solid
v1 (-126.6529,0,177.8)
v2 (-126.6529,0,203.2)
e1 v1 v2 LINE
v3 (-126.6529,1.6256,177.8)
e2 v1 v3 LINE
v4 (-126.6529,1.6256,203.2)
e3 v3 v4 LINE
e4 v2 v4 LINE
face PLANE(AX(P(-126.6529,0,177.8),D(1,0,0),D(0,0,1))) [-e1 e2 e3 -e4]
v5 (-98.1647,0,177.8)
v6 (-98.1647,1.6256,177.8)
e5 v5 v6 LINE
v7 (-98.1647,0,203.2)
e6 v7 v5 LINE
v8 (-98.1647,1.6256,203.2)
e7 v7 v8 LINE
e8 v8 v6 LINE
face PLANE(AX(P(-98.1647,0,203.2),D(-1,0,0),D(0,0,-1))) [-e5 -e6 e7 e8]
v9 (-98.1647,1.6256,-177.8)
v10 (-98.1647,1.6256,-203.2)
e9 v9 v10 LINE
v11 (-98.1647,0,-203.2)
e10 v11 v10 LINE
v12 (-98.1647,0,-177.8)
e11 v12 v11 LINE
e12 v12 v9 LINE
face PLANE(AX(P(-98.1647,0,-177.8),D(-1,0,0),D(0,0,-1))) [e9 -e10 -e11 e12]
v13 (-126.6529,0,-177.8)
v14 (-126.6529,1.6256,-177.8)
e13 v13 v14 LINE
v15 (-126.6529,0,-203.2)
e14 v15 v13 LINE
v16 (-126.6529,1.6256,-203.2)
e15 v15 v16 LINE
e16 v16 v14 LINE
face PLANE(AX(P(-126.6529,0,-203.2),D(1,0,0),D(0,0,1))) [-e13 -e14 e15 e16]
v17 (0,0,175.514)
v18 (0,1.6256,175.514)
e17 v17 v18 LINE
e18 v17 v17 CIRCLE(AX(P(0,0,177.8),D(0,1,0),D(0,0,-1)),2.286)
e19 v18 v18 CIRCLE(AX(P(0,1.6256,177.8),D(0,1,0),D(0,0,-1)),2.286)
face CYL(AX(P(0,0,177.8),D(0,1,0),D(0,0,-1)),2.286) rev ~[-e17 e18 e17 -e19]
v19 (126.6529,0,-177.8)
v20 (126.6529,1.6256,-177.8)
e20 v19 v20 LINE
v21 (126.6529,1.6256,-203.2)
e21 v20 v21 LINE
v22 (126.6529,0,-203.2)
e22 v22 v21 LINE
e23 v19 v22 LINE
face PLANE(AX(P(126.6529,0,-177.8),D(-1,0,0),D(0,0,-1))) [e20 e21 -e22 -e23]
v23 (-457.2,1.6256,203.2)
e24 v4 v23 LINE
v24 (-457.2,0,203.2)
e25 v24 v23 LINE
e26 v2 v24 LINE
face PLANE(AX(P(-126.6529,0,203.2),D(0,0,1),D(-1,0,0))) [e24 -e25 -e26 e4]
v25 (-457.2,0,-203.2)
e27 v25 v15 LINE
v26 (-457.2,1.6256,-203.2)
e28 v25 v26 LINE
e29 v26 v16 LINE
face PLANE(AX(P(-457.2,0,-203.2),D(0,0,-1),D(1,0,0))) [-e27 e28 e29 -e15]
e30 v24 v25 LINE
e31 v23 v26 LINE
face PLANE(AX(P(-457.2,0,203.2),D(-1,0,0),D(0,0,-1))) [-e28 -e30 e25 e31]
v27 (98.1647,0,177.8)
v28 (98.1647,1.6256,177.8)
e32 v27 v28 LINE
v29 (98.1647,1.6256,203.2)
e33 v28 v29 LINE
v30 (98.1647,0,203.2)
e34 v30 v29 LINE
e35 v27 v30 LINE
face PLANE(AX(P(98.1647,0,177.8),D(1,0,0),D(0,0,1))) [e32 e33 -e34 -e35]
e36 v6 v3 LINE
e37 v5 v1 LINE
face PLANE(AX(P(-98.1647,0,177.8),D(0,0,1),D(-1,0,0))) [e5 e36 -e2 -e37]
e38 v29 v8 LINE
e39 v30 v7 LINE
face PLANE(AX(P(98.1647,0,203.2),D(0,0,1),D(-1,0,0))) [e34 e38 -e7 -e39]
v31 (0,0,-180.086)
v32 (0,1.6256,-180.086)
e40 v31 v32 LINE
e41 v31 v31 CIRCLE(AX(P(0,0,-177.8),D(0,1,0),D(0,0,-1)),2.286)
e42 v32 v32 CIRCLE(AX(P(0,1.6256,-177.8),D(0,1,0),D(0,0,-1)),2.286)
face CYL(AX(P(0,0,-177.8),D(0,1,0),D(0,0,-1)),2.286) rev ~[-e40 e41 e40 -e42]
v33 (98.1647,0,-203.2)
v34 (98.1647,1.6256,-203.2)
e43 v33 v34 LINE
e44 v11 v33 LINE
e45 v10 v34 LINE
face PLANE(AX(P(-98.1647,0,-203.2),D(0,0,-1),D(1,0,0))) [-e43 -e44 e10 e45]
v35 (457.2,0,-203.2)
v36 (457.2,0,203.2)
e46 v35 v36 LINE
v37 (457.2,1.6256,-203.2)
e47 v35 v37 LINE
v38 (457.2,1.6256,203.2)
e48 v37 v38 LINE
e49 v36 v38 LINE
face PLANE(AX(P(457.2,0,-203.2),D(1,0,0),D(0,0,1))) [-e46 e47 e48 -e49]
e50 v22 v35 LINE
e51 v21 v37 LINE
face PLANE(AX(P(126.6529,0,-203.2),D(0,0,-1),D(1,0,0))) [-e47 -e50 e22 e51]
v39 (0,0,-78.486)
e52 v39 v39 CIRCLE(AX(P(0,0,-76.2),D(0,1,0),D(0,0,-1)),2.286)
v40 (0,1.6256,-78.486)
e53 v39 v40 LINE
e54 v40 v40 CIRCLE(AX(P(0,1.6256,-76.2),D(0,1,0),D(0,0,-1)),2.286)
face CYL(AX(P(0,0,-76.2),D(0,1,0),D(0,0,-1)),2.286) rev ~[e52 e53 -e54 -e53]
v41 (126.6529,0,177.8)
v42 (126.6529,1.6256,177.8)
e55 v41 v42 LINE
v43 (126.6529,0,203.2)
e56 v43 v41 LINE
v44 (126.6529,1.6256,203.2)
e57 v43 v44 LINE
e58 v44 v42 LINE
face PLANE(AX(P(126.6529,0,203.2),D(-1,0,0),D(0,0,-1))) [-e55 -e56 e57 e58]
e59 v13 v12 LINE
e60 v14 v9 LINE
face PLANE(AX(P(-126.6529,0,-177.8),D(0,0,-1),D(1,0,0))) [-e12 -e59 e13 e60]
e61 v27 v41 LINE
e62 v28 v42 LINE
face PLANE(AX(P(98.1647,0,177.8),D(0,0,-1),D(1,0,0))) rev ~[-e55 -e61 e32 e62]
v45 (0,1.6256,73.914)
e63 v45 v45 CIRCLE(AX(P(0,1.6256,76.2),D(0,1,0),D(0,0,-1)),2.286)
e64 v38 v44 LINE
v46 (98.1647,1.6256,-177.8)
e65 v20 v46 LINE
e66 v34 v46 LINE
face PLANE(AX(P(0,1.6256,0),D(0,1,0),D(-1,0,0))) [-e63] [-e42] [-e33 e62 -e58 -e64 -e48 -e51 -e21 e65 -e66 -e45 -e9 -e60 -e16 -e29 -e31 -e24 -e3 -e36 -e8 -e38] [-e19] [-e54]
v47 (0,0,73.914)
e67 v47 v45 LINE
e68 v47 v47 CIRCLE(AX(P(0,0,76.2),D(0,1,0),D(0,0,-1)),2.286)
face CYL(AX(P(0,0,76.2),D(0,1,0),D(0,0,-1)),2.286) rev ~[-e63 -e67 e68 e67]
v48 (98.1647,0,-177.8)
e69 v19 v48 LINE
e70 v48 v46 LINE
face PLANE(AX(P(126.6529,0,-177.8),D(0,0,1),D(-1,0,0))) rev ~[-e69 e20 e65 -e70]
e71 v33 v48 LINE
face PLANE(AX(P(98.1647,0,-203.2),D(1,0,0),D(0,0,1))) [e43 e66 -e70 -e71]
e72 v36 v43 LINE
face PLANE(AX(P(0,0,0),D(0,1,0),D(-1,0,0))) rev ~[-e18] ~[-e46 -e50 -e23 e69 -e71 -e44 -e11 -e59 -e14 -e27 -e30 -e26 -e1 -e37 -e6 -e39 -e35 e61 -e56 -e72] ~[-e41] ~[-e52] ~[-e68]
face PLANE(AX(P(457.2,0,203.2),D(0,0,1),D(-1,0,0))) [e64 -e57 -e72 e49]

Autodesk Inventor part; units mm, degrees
ref_plane "YZ Plane" through (0, 0, 0) normal (1, 0, 0) x (0, 1, 0)
ref_plane "XZ Plane" through (0, 0, 0) normal (0, 1, 0) x (-1, 0, 0)
ref_plane "XY Plane" through (0, 0, 0) normal (0, 0, 1) x (1, 0, 0)
sketch "Sketch1" plane through (0, 0, 0) normal (0, 1, 0) x (-1, 0, 0)
  line L0 (98.1647, -203.2) -> (-98.1647, -203.2)
  line L1 (-98.1647, -203.2) -> (-98.1647, 203.2)
  line L2 (-98.1647, 203.2) -> (98.1647, 203.2)
  line L3 (98.1647, 203.2) -> (98.1647, -203.2)
  line L4 (457.2, -203.2) -> (126.6529, -203.2)
  line L5 (126.6529, -203.2) -> (126.6529, 203.2)
  line L6 (126.6529, 203.2) -> (457.2, 203.2)
  line L7 (457.2, 203.2) -> (457.2, -203.2)
  line L8 (126.6529, -177.8) -> (98.1647, -177.8)
  line L9 (98.1647, -177.8) -> (98.1647, 177.8)
  line L10 (98.1647, 177.8) -> (126.6529, 177.8)
  line L11 (126.6529, 177.8) -> (126.6529, -177.8)
  line L12 (-98.1647, 177.8) -> (-126.6529, 177.8)
  line L13 (-126.6529, 177.8) -> (-126.6529, -177.8)
  line L14 (-126.6529, -177.8) -> (-98.1647, -177.8)
  line L15 (-98.1647, -177.8) -> (-98.1647, 177.8)
  line L16 (-126.6529, -203.2) -> (-457.2, -203.2)
  line L17 (-457.2, -203.2) -> (-457.2, 203.2)
  line L18 (-457.2, 203.2) -> (-126.6529, 203.2)
  line L19 (-126.6529, 203.2) -> (-126.6529, -203.2)
  point P0 (0, 0)
  point P1 (0, -203.2)
  point P2 (98.1647, 0)
  point P3 (98.1647, 0)
  point P4 (0, -76.2)
  point P5 (0, 76.2)
  point P6 (0, -177.8)
  point P7 (0, 177.8)
  dimension "d0" = 25.4
  dimension "d1" = 28.4882
  dimension "d3" = 196.3293
  dimension "d4" = 406.4
  dimension "d5" = 914.4
  dimension "d8" = 101.6
  dimension "d9" = 101.6
  dimension "d10" = 25.4
  dimension "d11" = 25.4
extrude "Extrusion1" add sketch "Sketch1" along normal blind 1.6256
hole "Hole1" at (0, 0, -76.2) at (0, 0, 76.2) at (0, 0, -177.8) at (0, 0, 177.8) direction (0, 1, 0) diameter 4.572 end through all
equation "\"d9\" = d8"
equation "\"d11\" = d10"
properties part number "Flat Ramp Using 1__16 Gray Tinted Polycarbonate Sheet (36 x 72) (217-6627)"
